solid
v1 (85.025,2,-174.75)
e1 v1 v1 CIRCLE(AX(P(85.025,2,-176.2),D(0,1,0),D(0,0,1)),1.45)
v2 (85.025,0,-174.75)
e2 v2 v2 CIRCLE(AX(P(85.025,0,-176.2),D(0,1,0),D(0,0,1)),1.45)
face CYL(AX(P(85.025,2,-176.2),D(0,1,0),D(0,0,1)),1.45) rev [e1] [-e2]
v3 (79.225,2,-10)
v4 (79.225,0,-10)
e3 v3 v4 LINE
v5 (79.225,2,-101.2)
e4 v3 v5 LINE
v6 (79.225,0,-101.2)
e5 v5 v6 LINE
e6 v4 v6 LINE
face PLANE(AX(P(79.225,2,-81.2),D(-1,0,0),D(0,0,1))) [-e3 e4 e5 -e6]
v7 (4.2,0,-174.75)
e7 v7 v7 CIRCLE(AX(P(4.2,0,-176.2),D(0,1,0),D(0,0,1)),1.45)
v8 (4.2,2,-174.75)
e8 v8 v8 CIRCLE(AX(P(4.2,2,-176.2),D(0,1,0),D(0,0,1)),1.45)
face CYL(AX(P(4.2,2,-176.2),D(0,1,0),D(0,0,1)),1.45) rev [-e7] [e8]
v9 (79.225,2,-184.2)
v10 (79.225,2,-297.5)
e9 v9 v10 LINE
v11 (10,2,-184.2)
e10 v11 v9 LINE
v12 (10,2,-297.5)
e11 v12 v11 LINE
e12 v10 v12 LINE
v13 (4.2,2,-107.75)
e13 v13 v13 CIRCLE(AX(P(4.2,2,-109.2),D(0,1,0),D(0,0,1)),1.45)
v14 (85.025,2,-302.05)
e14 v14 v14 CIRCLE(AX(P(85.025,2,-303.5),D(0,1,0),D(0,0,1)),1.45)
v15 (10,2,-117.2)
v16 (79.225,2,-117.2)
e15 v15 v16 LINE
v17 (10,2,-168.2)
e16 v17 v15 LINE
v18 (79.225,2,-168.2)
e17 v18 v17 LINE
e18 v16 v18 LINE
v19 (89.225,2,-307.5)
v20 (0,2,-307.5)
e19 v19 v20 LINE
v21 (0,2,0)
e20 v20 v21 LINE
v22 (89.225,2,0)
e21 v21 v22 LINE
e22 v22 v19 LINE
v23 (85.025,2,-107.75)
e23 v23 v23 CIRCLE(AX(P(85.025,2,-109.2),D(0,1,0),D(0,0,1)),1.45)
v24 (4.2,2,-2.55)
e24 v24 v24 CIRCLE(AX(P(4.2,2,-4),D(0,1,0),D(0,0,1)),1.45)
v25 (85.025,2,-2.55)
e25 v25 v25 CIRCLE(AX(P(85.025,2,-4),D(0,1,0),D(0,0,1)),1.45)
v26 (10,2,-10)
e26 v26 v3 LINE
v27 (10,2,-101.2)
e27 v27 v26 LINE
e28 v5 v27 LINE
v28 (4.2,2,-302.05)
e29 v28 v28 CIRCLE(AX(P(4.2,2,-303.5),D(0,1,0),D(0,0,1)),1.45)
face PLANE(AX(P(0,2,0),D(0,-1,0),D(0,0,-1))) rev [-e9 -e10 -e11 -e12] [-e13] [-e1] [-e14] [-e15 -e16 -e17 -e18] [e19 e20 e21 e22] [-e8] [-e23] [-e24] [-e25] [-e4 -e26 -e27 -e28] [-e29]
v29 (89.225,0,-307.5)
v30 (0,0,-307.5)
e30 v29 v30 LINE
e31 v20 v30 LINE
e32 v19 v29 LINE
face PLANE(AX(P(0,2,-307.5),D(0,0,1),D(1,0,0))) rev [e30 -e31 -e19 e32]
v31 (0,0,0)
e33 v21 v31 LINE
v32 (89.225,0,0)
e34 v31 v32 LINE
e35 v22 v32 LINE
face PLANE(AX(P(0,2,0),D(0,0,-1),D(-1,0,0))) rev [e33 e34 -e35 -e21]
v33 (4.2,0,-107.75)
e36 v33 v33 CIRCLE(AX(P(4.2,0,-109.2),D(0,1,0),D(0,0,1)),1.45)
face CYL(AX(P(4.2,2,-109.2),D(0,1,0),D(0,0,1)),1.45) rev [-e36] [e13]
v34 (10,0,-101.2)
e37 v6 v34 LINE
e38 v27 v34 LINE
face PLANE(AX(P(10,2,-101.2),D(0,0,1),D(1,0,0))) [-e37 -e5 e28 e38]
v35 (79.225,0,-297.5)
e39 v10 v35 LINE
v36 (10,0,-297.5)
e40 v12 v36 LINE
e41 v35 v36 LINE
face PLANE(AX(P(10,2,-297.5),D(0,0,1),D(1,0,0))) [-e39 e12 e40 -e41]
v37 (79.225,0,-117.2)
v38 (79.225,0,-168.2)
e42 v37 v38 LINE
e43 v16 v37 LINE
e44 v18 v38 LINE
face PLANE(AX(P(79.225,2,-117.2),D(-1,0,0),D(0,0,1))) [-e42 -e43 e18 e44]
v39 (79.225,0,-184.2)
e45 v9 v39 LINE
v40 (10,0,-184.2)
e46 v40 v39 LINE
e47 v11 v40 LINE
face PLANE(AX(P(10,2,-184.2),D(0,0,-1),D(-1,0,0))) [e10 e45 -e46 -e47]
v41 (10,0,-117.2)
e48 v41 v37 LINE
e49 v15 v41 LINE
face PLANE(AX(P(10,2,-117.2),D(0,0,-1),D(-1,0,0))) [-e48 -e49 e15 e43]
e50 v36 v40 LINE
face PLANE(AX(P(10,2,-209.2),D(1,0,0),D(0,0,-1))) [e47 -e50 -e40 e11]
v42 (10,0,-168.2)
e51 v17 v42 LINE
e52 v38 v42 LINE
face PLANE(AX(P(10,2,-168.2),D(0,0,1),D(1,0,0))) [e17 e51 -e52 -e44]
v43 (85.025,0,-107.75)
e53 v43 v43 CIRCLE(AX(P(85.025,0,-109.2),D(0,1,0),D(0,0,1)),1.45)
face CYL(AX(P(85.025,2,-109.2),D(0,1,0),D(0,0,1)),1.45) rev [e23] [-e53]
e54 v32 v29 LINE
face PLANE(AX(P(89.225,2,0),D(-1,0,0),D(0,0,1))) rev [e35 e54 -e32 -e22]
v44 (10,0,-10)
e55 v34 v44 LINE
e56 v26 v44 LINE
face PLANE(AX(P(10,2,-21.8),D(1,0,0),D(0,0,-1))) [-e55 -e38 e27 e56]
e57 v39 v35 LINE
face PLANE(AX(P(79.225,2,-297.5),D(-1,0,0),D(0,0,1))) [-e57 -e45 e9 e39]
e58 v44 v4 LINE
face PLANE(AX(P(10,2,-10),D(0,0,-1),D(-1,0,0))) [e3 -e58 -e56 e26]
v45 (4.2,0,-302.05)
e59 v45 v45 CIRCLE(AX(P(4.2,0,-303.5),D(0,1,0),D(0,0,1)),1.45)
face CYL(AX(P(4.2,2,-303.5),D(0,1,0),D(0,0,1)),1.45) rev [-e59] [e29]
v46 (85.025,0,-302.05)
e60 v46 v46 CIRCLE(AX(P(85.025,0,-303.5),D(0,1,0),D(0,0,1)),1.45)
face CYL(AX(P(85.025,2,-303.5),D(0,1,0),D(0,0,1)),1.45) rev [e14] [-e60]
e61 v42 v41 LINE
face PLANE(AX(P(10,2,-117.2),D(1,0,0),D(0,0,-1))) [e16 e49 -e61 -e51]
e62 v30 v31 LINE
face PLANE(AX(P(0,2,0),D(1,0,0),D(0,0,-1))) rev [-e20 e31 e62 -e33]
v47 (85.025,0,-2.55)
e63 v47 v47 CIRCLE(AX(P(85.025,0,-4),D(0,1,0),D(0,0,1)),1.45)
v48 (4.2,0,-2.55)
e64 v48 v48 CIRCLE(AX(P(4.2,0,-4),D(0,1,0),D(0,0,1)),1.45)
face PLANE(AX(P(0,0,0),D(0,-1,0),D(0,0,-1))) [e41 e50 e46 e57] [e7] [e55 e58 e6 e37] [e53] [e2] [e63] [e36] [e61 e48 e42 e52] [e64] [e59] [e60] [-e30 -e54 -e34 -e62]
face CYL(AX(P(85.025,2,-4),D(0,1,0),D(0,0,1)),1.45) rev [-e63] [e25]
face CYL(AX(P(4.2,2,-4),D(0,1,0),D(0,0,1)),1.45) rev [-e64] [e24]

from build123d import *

# Parameters (mm, degrees)
SKETCH1_W              = 89.225
SKETCH1_H              = 307.5
SKETCH1_W_2            = 69.225
SKETCH1_H_2            = 51
BOSS_EXTRUDE1_DEPTH    = 2
M2_5_CLEARANCE_HOLE6_D = 2.9


with BuildPart() as part:
    # Sketch1 → Boss-Extrude1 (new body)
    with BuildSketch(Plane(origin=(0, 0, 0), x_dir=(1, 0, 0), z_dir=(0, 1, 0))):
        with Locations((44.6125, 153.75)):
            Rectangle(SKETCH1_W, SKETCH1_H)
        Polygon((10, 10), (79.225, 10), (79.225, 21.8), (79.225, 81.2), (79.225, 101.2), (10, 101.2), (10, 81.2), (10, 21.8), align=None, mode=Mode.SUBTRACT)
        with Locations((44.6125, 142.7)):
            Rectangle(SKETCH1_W_2, SKETCH1_H_2, mode=Mode.SUBTRACT)
        Polygon((10, 297.5), (79.225, 297.5), (79.225, 283.2), (79.225, 209.2), (79.225, 184.2), (10, 184.2), (10, 209.2), (10, 283.2), align=None, mode=Mode.SUBTRACT)
    extrude(amount=BOSS_EXTRUDE1_DEPTH)

    # M2.5 Clearance Hole6 (through all)
    with Locations(Plane(origin=(0, 2, 0), x_dir=(1, 0, 0), z_dir=(0, 1, 0))):
        with Locations((85.025, 4), (4.2, 4), (4.2, 109.2), (4.2, 176.2), (4.2, 303.5), (85.025, 303.5), (85.025, 176.2), (85.025, 109.2)):
            Hole(M2_5_CLEARANCE_HOLE6_D / 2)


solid = part.part
